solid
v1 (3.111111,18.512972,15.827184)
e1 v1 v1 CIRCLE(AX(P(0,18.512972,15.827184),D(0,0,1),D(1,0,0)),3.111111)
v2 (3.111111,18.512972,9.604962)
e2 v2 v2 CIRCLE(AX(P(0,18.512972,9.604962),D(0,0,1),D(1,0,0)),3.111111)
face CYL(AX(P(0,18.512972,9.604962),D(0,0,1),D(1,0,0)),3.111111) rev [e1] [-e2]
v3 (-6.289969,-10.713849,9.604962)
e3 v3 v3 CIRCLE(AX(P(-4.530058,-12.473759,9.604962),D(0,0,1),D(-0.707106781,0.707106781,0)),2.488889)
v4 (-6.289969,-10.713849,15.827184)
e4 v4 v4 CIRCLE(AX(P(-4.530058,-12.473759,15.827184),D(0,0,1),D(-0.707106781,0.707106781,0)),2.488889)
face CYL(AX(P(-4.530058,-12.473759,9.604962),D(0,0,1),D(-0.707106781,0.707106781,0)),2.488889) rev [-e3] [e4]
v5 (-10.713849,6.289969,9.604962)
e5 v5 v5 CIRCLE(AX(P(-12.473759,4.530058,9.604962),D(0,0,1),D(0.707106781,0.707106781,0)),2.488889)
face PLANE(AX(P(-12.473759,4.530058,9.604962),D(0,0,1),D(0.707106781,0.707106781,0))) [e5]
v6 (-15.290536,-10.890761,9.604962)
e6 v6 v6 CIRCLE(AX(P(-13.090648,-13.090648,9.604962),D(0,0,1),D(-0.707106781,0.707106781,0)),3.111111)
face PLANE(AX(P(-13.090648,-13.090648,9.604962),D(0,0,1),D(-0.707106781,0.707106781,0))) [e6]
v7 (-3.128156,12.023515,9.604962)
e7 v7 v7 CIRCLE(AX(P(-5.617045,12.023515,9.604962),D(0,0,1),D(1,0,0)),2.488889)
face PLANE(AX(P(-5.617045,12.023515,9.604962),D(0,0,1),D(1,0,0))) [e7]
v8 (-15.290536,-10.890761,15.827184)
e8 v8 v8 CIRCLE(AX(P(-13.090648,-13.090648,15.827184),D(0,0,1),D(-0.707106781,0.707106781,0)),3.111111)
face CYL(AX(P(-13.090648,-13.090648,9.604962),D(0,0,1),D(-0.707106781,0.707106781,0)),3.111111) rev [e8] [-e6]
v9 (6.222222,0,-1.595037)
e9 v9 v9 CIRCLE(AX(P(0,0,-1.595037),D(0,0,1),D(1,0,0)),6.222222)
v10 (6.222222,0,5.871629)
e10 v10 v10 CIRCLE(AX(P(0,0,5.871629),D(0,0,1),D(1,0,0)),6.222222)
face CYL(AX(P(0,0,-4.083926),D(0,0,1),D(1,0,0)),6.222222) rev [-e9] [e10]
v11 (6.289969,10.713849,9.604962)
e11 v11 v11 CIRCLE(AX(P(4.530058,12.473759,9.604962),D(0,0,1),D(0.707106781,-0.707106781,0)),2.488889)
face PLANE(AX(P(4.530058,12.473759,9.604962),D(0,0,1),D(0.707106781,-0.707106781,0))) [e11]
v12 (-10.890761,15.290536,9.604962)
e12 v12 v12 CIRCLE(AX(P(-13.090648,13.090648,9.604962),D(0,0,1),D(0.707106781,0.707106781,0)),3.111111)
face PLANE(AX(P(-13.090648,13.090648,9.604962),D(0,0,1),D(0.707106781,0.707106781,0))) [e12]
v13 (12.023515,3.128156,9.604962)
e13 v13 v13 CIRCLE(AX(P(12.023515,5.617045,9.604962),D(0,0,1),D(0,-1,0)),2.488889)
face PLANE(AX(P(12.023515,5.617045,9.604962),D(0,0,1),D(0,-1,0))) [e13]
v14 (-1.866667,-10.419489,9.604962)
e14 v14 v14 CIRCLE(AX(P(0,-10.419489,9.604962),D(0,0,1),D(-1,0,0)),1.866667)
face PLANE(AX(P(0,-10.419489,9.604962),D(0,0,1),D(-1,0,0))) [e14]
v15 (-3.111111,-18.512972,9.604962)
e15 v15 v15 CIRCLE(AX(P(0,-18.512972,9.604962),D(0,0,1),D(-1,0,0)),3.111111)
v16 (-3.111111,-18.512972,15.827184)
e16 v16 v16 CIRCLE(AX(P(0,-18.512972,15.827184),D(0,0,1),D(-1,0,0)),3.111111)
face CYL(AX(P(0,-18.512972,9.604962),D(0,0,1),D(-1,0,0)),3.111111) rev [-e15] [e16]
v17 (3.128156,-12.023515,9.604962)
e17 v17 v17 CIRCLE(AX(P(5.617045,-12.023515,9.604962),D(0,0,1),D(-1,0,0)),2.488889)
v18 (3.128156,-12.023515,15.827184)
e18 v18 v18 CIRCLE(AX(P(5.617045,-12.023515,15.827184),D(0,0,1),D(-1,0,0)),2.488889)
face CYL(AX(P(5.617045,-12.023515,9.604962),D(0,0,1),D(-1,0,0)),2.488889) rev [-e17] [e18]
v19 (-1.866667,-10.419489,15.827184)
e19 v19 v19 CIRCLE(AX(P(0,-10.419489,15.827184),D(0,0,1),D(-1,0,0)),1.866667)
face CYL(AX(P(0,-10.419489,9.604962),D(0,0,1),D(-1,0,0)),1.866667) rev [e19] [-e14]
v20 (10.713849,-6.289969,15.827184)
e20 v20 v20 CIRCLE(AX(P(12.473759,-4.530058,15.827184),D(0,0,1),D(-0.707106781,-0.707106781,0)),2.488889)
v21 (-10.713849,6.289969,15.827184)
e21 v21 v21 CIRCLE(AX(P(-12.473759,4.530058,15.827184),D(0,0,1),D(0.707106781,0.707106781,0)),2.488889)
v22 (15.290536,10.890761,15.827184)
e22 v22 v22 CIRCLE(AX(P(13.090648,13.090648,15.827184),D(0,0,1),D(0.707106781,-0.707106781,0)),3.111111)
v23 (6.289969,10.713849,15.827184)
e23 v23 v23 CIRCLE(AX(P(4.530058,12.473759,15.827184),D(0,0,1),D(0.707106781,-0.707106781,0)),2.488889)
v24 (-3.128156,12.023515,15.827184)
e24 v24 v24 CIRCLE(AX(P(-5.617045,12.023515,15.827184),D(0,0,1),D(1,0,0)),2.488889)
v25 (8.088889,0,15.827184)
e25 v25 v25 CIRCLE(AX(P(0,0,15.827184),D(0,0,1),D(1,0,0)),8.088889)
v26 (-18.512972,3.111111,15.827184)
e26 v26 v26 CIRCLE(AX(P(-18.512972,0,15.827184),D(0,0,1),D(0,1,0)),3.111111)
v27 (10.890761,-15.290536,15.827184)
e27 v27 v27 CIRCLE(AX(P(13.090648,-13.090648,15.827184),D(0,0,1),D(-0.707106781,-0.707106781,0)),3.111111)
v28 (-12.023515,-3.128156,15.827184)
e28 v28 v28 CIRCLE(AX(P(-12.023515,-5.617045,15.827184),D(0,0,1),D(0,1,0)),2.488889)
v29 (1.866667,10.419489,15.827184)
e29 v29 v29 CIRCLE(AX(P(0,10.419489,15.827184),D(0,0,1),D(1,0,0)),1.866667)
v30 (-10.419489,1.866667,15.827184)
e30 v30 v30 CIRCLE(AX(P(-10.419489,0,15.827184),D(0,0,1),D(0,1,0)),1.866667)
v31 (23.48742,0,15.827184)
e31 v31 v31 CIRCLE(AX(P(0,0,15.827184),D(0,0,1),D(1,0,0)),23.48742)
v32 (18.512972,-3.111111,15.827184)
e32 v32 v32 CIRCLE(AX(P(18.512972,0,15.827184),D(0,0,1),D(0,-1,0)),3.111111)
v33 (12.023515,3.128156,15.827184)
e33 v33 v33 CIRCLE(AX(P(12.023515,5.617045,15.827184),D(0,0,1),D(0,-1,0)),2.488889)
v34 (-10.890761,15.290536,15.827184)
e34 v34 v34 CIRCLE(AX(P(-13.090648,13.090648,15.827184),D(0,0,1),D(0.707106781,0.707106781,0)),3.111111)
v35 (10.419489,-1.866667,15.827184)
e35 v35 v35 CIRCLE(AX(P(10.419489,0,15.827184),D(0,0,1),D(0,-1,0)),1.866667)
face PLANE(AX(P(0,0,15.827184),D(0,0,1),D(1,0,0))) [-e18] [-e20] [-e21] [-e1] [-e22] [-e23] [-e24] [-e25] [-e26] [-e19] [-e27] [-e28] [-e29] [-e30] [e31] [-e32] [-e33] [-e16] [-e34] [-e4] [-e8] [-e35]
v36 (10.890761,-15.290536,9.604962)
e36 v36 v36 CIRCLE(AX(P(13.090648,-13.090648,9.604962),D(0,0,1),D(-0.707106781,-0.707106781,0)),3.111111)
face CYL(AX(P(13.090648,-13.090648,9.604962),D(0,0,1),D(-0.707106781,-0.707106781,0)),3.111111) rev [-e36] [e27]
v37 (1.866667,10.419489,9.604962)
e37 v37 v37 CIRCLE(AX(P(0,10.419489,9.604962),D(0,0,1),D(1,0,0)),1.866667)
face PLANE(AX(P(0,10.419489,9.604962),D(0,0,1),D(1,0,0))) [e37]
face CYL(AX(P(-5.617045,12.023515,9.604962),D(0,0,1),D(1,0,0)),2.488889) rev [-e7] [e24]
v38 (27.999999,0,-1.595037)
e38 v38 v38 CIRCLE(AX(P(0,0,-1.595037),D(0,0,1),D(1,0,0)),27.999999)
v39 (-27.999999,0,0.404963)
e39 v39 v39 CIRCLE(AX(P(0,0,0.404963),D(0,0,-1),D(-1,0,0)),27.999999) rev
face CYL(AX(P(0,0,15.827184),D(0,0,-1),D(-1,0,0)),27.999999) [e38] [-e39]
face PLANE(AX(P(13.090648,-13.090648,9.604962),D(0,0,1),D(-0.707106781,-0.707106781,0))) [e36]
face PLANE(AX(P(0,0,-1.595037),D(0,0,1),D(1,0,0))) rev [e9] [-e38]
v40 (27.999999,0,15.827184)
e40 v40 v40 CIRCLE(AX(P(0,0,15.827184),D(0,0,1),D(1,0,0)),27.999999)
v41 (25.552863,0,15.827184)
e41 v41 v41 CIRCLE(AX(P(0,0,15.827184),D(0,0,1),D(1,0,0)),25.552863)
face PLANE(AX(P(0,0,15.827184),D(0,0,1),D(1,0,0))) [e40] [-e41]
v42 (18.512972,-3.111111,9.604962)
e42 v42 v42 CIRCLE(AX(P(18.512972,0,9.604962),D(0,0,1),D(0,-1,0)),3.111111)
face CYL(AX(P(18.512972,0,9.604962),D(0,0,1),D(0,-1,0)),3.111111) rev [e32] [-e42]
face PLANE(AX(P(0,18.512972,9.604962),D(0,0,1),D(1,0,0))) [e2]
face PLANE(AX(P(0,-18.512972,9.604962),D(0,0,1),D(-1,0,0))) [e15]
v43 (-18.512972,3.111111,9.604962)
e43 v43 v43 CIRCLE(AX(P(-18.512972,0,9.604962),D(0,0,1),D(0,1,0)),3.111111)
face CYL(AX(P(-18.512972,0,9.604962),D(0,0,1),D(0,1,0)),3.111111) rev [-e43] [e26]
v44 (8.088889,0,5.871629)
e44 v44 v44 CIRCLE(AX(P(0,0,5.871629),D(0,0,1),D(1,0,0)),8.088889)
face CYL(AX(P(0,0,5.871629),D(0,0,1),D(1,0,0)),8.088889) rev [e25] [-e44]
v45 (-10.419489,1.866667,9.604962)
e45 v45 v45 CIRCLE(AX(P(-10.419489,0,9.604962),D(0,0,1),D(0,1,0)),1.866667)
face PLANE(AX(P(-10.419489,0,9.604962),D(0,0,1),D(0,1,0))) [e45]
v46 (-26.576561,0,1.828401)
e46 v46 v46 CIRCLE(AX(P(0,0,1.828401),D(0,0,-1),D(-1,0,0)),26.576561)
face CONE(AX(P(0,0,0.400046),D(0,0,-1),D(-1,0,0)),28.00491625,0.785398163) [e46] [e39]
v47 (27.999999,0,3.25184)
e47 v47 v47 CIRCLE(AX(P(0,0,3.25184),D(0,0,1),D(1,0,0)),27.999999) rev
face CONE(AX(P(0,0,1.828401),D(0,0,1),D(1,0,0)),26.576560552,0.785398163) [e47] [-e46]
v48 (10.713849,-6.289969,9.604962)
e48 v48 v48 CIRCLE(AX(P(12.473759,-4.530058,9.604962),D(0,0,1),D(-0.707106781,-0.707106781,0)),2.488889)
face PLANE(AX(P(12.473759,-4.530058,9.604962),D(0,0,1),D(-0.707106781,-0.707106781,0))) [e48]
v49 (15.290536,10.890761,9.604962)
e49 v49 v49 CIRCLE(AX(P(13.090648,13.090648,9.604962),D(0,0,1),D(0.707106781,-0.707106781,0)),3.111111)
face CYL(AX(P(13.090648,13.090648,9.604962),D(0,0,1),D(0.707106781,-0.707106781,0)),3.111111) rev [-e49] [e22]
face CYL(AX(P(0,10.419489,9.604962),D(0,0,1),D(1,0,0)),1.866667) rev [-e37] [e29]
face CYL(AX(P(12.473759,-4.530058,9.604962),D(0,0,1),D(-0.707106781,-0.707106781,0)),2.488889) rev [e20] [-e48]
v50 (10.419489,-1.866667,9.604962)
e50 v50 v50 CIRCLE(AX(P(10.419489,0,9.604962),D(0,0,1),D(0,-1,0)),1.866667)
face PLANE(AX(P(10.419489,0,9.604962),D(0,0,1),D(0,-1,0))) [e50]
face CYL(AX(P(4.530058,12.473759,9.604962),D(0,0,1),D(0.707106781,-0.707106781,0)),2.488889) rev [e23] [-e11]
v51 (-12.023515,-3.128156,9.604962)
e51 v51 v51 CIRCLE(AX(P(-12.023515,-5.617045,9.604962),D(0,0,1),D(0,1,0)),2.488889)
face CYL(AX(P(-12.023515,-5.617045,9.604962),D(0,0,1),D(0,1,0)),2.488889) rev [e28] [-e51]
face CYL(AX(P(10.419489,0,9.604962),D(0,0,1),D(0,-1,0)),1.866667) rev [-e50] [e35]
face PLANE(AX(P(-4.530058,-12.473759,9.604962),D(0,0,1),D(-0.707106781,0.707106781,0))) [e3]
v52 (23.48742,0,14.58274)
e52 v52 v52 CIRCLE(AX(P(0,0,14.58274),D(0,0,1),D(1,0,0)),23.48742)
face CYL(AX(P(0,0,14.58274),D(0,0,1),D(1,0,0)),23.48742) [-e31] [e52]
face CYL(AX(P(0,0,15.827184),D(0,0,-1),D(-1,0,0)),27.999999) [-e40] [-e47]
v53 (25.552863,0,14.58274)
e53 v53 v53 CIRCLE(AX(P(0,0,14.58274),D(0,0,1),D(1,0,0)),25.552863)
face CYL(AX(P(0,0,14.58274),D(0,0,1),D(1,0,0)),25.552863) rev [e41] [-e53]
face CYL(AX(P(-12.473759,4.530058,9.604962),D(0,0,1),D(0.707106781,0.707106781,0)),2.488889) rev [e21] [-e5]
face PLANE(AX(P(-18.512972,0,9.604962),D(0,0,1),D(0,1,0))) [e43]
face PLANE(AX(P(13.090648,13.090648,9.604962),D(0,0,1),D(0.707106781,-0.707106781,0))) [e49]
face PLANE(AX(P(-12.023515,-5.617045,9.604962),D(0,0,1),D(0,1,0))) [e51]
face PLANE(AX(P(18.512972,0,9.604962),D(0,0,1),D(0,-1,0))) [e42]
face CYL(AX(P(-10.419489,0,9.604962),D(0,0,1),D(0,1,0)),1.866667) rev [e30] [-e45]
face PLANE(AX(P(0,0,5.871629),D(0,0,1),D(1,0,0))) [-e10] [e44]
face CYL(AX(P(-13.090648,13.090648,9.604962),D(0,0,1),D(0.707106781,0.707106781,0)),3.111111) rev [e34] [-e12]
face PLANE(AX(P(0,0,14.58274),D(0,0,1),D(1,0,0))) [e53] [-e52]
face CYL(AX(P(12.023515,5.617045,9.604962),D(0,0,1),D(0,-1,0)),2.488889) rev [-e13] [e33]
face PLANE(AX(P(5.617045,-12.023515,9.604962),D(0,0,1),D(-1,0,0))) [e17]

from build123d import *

# Parameters (mm, degrees)
SKETCH_1_R               = 22.5
EXTRUDE_1_DEPTH          = 14
SKETCH_4_R               = 20.533551365
SKETCH_4_R_2             = 18.873819988
CUT_EXTRUDE_2_DEPTH      = 1
SKETCH_5_R               = 6.5
CUT_EXTRUDE_3_DEPTH      = 8
SKETCH_6_R               = 5
CUT_EXTRUDE_4_DEPTH      = 8
SKETCH_7_R               = 1.5
CUT_EXTRUDE_5_DEPTH      = 5
PATTERN_CIRCULAR_1_COUNT = 4
SKETCH_8_R               = 2.5
CUT_EXTRUDE_6_DEPTH      = 5
PATTERN_CIRCULAR_2_COUNT = 8
SKETCH_9_R               = 2
CUT_EXTRUDE_10_DEPTH     = 5
PATTERN_CIRCULAR_3_COUNT = 8
SCALE_1_SCALE            = 1.2444444


with BuildPart() as part:
    # 草图1 → 凸台-拉伸1 (new body)
    with BuildSketch(Plane.XY):
        Circle(SKETCH_1_R)
    extrude(amount=EXTRUDE_1_DEPTH)

    # 草图4 → 切除-拉伸2 (cut)
    with BuildSketch(Plane.XY.offset(14)):
        Circle(SKETCH_4_R)
        Circle(SKETCH_4_R_2, mode=Mode.SUBTRACT)
    extrude(amount=-CUT_EXTRUDE_2_DEPTH, mode=Mode.SUBTRACT)

    # 草图5 → 切除-拉伸3 (cut)
    with BuildSketch(Plane.XY.offset(14)):
        Circle(SKETCH_5_R)
    extrude(amount=-CUT_EXTRUDE_3_DEPTH, mode=Mode.SUBTRACT)

    # 草图6 → 切除-拉伸4 (cut)
    with BuildSketch(Plane.XY.offset(6)):
        Circle(SKETCH_6_R)
    extrude(amount=-CUT_EXTRUDE_4_DEPTH, mode=Mode.SUBTRACT)

    # 草图7 → 切除-拉伸5 (cut)
    with BuildSketch(Plane.XY.offset(14)):
        with Locations((0, 8.372803667)):
            Circle(SKETCH_7_R)
    cut_extrude_5 = extrude(amount=-CUT_EXTRUDE_5_DEPTH, mode=Mode.SUBTRACT)

    # 阵列(圆周)1: 切除-拉伸5 ×4 about axis
    pattern_circular_1_axis = Axis((0, 0, 0), (0, 0, 1))
    for i in range(1, PATTERN_CIRCULAR_1_COUNT):
        add(cut_extrude_5.rotate(pattern_circular_1_axis, i * 360 / PATTERN_CIRCULAR_1_COUNT), mode=Mode.SUBTRACT)

    # 草图8 → 切除-拉伸6 (cut)
    with BuildSketch(Plane.XY.offset(14)):
        with Locations((0, 14.876496216)):
            Circle(SKETCH_8_R)
    cut_extrude_6 = extrude(amount=-CUT_EXTRUDE_6_DEPTH, mode=Mode.SUBTRACT)

    # 阵列(圆周)2: 切除-拉伸6 ×8 about axis
    pattern_circular_2_axis = Axis((0, 0, 0), (0, 0, 1))
    for i in range(1, PATTERN_CIRCULAR_2_COUNT):
        add(cut_extrude_6.rotate(pattern_circular_2_axis, i * 360 / PATTERN_CIRCULAR_2_COUNT), mode=Mode.SUBTRACT)

    # 草图9 → 切除-拉伸10 (cut)
    with BuildSketch(Plane.XY.offset(14)):
        with Locations((-4.513696744, 9.661753254)):
            Circle(SKETCH_9_R)
    cut_extrude_10 = extrude(amount=-CUT_EXTRUDE_10_DEPTH, mode=Mode.SUBTRACT)

    # 阵列(圆周)3: 切除-拉伸10 ×8 about axis
    pattern_circular_3_axis = Axis((0, 0, 0), (0, 0, 1))
    for i in range(1, PATTERN_CIRCULAR_3_COUNT):
        add(cut_extrude_10.rotate(pattern_circular_3_axis, i * 360 / PATTERN_CIRCULAR_3_COUNT), mode=Mode.SUBTRACT)


with BuildPart() as part_1:
    # 缩放比例1: scaled about (0, 0, 6.525153491)
    add(part.part.scale(SCALE_1_SCALE).moved(Location((0, 0, -1.59503723))))

    # 草图10 → 切除-旋转1 (revolve, cut)
    with BuildSketch(Plane(origin=(0, 0, 0), x_dir=(0, 0, -1), z_dir=(1, 0, 0))):
        Polygon((-0.40004552, 28.00491625), (-1.828401218, 26.576560552), (-3.256756916, 28.00491625), align=None)
    revolve(axis=Axis((0, 0, 0), (0, 0, 1)), mode=Mode.SUBTRACT)


solid = part_1.part
